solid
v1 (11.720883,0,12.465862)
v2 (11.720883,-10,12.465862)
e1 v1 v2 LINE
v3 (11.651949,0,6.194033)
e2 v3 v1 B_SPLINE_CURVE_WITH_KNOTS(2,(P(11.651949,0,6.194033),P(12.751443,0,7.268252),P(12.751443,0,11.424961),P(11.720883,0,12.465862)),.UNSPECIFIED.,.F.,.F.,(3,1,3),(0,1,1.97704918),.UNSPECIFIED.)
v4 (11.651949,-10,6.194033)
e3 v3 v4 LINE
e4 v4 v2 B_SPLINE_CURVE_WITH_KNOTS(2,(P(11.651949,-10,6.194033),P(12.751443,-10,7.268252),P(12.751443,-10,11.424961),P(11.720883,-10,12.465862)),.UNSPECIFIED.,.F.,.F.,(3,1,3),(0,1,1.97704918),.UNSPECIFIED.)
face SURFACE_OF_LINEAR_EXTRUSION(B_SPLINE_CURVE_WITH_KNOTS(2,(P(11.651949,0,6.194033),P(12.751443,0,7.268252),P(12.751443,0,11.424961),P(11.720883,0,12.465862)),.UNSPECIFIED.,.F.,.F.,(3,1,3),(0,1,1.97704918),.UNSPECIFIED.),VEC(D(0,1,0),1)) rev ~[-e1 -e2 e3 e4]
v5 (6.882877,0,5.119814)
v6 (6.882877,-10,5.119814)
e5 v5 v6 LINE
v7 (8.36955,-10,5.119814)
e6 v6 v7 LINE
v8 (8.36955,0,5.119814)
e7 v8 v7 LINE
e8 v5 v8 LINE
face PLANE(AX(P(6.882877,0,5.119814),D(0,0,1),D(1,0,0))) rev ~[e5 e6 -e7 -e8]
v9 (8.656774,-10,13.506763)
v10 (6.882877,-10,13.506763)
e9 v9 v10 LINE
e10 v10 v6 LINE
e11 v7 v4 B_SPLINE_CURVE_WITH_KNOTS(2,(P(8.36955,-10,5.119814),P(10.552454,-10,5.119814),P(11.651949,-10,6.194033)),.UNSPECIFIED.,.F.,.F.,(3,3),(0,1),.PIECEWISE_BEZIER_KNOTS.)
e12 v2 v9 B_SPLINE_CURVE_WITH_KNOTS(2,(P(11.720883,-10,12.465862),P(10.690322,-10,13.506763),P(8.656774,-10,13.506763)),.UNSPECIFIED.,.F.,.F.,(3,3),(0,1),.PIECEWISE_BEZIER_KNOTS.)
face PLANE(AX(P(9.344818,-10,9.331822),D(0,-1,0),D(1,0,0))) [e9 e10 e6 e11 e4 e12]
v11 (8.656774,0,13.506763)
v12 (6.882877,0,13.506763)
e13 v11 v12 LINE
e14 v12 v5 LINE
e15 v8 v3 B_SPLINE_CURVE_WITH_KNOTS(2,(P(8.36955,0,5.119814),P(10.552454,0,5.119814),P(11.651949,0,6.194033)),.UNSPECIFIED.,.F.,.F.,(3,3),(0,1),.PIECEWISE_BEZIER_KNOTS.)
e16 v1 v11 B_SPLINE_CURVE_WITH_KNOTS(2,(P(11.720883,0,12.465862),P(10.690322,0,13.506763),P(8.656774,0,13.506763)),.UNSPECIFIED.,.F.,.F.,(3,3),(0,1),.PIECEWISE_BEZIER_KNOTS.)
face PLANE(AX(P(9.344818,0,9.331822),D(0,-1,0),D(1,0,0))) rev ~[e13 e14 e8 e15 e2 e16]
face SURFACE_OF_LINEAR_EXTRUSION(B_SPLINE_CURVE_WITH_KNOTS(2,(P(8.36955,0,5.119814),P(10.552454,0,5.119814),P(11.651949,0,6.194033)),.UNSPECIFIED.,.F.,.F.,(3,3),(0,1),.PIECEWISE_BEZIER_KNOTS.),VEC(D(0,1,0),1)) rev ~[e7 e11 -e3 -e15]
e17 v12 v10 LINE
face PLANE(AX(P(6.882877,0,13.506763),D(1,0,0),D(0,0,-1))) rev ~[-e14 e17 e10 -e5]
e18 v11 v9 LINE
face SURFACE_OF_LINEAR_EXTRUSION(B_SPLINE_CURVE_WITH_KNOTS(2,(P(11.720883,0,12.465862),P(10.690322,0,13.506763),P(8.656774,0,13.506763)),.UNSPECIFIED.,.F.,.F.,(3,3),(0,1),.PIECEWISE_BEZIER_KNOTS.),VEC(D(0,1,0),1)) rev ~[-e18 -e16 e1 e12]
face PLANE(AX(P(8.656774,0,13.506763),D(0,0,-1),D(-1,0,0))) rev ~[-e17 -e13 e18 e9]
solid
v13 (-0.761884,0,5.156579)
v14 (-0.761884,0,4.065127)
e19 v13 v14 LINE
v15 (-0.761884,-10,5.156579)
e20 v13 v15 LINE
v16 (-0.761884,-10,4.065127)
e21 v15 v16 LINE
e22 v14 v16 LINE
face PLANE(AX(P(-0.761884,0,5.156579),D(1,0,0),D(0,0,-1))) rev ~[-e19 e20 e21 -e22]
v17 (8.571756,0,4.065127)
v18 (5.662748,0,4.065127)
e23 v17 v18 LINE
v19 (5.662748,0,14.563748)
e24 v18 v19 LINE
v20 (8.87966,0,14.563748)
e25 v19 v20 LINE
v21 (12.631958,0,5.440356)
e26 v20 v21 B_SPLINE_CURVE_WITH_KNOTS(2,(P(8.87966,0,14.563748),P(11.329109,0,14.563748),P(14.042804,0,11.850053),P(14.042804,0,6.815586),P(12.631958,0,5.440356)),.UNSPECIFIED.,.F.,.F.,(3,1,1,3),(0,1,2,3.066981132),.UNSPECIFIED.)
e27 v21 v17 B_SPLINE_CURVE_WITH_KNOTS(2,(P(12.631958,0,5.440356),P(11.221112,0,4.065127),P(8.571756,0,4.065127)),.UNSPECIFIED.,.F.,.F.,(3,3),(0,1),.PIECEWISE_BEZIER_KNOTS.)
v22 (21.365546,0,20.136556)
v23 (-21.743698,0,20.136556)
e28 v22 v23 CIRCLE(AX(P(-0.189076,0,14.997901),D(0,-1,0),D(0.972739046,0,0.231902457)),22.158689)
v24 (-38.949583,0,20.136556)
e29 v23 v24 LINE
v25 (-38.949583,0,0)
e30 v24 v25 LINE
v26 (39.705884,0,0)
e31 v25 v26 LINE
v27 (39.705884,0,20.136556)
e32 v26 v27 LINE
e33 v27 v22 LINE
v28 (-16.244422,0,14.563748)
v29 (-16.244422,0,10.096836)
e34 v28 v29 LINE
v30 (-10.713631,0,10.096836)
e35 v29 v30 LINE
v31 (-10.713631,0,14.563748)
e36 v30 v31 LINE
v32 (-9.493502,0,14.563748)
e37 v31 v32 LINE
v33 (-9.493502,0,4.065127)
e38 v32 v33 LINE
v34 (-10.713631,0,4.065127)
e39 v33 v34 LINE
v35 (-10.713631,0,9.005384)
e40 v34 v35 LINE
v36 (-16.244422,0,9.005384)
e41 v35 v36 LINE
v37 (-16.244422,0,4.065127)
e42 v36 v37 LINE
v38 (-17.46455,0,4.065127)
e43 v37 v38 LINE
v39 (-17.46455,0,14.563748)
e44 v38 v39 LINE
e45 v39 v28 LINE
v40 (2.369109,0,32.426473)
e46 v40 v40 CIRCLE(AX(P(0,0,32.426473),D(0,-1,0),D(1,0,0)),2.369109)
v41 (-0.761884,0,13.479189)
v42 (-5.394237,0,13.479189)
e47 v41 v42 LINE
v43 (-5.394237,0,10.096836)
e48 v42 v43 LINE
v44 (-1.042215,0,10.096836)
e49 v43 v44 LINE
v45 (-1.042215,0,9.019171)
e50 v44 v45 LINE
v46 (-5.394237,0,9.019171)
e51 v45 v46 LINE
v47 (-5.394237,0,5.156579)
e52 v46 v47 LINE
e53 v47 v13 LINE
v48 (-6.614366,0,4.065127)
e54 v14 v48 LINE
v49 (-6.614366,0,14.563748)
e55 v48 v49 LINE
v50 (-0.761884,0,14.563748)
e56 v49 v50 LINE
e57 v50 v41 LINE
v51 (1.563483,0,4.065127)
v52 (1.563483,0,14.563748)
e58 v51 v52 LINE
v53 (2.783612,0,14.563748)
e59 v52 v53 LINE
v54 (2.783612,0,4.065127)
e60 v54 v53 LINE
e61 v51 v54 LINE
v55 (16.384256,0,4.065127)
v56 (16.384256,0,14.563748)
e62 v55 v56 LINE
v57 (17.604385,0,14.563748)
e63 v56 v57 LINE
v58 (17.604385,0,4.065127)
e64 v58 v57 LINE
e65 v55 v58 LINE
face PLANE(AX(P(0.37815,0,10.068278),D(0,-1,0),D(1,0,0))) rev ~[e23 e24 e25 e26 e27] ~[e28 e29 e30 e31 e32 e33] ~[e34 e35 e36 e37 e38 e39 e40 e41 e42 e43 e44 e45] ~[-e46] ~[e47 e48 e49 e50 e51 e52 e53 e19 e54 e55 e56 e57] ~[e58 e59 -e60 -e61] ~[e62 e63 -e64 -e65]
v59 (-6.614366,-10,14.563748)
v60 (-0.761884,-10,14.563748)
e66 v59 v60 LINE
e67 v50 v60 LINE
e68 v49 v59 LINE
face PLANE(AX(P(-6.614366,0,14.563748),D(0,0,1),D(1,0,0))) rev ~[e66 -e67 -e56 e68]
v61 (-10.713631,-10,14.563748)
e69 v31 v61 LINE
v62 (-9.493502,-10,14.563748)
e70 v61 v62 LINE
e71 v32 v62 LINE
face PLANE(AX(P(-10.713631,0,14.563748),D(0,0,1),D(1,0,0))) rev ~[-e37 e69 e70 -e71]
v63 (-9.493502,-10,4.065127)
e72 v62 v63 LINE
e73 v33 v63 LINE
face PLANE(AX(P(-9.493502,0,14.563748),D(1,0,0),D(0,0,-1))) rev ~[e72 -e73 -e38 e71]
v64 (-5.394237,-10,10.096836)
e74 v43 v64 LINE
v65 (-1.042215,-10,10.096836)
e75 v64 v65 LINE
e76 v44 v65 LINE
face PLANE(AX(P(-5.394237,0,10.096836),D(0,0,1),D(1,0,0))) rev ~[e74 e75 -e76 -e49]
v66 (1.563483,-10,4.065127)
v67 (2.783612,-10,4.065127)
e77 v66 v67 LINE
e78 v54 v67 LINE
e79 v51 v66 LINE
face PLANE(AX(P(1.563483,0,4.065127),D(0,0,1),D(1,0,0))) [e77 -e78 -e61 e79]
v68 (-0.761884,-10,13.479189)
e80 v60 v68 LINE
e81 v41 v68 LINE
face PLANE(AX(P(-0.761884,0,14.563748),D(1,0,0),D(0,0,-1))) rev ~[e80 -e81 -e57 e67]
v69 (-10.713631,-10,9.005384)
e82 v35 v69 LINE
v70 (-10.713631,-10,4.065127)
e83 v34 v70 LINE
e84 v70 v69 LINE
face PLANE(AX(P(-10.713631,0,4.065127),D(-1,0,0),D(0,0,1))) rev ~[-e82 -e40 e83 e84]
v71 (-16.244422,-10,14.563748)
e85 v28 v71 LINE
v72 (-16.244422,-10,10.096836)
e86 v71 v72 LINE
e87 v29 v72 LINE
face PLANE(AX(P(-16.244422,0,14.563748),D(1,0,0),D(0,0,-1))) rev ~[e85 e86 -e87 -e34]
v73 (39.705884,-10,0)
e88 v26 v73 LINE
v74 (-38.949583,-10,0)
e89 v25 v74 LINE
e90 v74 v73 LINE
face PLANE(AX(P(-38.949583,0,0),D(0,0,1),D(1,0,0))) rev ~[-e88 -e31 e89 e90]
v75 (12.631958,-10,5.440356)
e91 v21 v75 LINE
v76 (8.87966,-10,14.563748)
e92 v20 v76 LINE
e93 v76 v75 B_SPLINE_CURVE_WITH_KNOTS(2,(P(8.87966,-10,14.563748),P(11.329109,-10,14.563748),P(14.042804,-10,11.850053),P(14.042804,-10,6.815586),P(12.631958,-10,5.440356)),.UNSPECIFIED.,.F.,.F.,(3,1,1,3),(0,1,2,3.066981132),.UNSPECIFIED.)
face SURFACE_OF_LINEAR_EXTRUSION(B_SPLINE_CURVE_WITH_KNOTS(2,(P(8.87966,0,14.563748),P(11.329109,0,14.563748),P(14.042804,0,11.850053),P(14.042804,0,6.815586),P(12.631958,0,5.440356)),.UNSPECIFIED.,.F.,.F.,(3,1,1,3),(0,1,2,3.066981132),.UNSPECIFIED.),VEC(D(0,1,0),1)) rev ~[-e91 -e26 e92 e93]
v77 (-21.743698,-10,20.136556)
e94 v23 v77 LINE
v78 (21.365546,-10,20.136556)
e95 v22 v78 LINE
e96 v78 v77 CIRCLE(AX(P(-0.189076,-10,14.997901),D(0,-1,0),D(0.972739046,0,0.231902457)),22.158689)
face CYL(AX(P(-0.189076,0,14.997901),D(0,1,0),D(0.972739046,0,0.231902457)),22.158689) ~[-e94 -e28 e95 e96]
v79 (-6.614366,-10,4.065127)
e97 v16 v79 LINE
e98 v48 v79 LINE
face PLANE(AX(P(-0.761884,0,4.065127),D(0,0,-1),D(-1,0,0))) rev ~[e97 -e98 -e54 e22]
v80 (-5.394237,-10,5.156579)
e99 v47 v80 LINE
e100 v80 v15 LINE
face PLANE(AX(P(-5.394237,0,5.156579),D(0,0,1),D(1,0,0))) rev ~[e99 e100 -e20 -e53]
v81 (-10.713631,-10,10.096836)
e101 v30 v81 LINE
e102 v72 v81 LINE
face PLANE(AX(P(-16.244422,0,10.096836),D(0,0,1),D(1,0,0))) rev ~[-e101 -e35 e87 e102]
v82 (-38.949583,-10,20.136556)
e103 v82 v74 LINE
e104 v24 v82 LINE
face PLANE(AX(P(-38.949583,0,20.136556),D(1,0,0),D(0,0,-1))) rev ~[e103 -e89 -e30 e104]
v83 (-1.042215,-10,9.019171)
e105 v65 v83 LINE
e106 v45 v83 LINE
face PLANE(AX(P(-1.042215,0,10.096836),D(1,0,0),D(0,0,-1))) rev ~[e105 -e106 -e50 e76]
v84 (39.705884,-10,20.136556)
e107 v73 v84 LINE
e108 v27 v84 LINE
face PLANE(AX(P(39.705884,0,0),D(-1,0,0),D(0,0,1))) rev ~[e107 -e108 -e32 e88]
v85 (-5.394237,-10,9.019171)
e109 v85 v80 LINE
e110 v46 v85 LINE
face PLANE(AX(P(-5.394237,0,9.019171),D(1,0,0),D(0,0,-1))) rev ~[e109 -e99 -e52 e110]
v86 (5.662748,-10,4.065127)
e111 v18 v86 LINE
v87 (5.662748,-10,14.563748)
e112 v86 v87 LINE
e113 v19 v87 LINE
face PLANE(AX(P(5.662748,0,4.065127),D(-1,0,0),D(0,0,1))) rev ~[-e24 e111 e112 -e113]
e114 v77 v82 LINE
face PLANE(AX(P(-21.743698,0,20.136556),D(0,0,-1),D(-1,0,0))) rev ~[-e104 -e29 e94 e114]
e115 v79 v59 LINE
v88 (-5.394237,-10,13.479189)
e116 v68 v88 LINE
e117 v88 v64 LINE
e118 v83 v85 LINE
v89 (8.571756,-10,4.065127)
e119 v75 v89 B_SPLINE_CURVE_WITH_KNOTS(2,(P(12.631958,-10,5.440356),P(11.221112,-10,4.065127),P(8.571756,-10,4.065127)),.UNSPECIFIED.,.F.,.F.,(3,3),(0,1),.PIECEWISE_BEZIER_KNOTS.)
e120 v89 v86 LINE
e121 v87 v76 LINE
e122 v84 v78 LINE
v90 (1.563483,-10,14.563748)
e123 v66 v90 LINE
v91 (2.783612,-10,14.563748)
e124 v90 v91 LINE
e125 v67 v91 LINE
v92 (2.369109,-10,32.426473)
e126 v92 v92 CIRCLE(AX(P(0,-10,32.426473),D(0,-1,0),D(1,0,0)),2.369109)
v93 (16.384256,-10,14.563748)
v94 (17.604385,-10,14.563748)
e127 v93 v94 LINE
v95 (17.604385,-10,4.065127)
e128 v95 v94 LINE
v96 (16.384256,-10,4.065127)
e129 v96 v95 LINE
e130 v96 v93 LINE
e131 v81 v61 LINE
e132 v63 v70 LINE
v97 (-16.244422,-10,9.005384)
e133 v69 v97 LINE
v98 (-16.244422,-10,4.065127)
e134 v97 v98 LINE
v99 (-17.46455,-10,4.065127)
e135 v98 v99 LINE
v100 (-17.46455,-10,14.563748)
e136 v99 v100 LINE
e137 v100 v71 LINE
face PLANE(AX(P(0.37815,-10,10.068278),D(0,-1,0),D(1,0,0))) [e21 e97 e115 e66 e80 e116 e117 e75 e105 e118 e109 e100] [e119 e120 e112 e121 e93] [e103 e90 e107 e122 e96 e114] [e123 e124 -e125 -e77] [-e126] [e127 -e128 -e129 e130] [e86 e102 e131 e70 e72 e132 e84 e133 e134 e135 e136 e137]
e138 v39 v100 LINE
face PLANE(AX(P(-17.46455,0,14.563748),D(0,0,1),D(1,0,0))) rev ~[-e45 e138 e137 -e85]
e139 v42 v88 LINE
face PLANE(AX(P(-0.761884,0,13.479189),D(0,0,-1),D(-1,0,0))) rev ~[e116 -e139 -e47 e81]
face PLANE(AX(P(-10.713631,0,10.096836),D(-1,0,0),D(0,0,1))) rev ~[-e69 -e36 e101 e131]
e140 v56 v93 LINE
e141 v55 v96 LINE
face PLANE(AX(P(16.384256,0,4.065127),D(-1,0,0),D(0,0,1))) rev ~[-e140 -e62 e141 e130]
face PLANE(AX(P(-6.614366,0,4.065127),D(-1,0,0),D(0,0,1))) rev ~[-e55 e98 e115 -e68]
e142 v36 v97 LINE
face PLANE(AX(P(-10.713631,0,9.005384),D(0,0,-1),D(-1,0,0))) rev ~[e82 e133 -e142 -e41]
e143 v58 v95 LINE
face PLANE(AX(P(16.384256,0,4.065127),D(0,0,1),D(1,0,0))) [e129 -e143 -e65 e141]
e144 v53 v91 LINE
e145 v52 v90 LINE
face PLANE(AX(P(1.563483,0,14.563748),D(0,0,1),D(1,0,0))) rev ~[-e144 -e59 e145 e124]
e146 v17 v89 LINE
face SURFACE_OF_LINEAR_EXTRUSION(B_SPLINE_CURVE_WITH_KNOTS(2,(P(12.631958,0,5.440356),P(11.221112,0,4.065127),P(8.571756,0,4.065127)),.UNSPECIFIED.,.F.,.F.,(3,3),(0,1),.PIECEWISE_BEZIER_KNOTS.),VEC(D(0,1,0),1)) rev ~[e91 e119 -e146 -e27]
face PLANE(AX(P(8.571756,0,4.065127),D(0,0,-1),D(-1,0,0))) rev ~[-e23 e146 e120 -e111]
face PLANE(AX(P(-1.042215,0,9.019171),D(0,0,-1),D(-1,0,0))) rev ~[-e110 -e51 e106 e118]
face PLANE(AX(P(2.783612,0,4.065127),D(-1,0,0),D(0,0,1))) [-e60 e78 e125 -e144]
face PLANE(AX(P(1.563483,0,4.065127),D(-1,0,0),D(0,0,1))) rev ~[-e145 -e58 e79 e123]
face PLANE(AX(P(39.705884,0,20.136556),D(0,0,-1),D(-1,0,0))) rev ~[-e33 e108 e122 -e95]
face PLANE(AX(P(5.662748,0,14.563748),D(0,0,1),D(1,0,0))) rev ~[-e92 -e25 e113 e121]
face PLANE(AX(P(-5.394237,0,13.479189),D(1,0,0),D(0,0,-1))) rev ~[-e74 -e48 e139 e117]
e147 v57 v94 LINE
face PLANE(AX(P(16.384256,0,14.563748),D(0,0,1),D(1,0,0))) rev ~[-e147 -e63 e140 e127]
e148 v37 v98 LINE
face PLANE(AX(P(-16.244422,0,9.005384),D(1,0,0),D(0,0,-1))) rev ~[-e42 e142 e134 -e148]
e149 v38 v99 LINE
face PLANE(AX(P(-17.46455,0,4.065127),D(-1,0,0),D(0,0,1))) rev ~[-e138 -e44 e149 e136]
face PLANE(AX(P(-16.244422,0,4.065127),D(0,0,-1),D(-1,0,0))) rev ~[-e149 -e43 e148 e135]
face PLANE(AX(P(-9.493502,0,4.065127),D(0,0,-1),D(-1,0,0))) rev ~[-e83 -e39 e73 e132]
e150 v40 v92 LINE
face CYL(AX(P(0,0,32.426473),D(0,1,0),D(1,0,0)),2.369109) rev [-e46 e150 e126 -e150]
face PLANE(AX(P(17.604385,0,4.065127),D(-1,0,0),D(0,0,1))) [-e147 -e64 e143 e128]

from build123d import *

# Parameters (mm, degrees)
F0_W     = 1.2201287218
F0_H     = 10.4986217135
F0_R     = 2.369108519
F1_DEPTH = 10


with BuildPart() as f1:
    # F0 (on Front) → F1 (new body)
    with BuildSketch(Plane.XZ):
        Polygon((-38.9495827258, 20.1365556568), (-38.9495827258, 0), (39.7058837116, 0), (39.7058837116, 20.1365556568), (21.3655456901, 20.1365556568), (-21.7436980456, 20.1365556568), align=None)
        Polygon((-9.4935023081, 14.5637483599), (-9.4935023081, 4.0651266463), (-10.7136310299, 4.0651266463), (-10.7136310299, 9.0053841828), (-16.2444216766, 9.0053841828), (-16.2444216766, 4.0651266463), (-17.4645503984, 4.0651266463), (-17.4645503984, 14.5637483599), (-16.2444216766, 14.5637483599), (-16.2444216766, 10.0968364292), (-10.7136310299, 10.0968364292), (-10.7136310299, 14.5637483599), align=None, mode=Mode.SUBTRACT)
        Polygon((-0.7618843367, 5.1565788927), (-0.7618843367, 4.0651266463), (-6.6143661718, 4.0651266463), (-6.6143661718, 14.5637483599), (-0.7618843367, 14.5637483599), (-0.7618843367, 13.479189496), (-5.39423745, 13.479189496), (-5.39423745, 10.0968364292), (-1.0422152295, 10.0968364292), (-1.0422152295, 9.019170948), (-5.39423745, 9.019170948), (-5.39423745, 5.1565788927), align=None, mode=Mode.SUBTRACT)
        with Locations((2.1735477576, 9.3144375031)):
            Rectangle(F0_W, F0_H, mode=Mode.SUBTRACT)
        with BuildLine():
            add(Edge.make_bspline(
                [(12.6859562364, 13.206900883), (14.0428037133, 11.8500534061), (14.0428037133, 9.4143915509)],
                knots=[0, 0, 0, 1, 1, 1], degree=2))
            add(Edge.make_bspline(
                [(14.0428037133, 9.4143915509), (14.0428037133, 6.8155863073), (12.6319580726, 5.4403564768)],
                knots=[0, 0, 0, 1, 1, 1], degree=2))
            add(Edge.make_bspline(
                [(12.6319580726, 5.4403564768), (11.221112432, 4.0651266463), (8.5717557159, 4.0651266463)],
                knots=[0, 0, 0, 1, 1, 1], degree=2))
            Line((8.5717557159, 4.0651266463), (5.6627482549, 4.0651266463))
            Line((5.6627482549, 4.0651266463), (5.6627482549, 14.5637483599))
            Line((5.6627482549, 14.5637483599), (8.8796601391, 14.5637483599))
            add(Edge.make_bspline(
                [(8.8796601391, 14.5637483599), (11.3291087595, 14.5637483599), (12.6859562364, 13.206900883)],
                knots=[0, 0, 0, 1, 1, 1], degree=2))
        make_face(mode=Mode.SUBTRACT)
        with Locations((16.9943203671, 9.3144375031)):
            Rectangle(F0_W, F0_H, mode=Mode.SUBTRACT)
        with BuildLine():
            ThreePointArc((21.3655456901, 20.1365556568), (-0.1890761778, 37.1565901502), (-21.7436980456, 20.1365556568))
            Line((-21.7436980456, 20.1365556568), (21.3655456901, 20.1365556568))
        make_face()
        with Locations((0, 32.4264727533)):
            Circle(F0_R, mode=Mode.SUBTRACT)
    extrude(amount=F1_DEPTH)


with BuildPart() as f1b:
    # F0 (on Front) → F1, piece 2 (new body)
    with BuildSketch(Plane.XZ):
        with BuildLine():
            add(Edge.make_bspline(
                [(11.6519488451, 6.1940329754), (12.7514433712, 7.2682517653), (12.7514433712, 9.3707334611)],
                knots=[0, 0, 0, 1, 1, 1], degree=2))
            add(Edge.make_bspline(
                [(12.7514433712, 9.3707334611), (12.7514433712, 11.4249614785), (11.7208826711, 12.4658622525)],
                knots=[0, 0, 0, 1, 1, 1], degree=2))
            add(Edge.make_bspline(
                [(11.7208826711, 12.4658622525), (10.6903219711, 13.5067630265), (8.6567741014, 13.5067630265)],
                knots=[0, 0, 0, 1, 1, 1], degree=2))
            Line((8.6567741014, 13.5067630265), (6.8828769767, 13.5067630265))
            Line((6.8828769767, 13.5067630265), (6.8828769767, 5.1198141855))
            Line((6.8828769767, 5.1198141855), (8.3695498261, 5.1198141855))
            add(Edge.make_bspline(
                [(8.3695498261, 5.1198141855), (10.5524543189, 5.1198141855), (11.6519488451, 6.1940329754)],
                knots=[0, 0, 0, 1, 1, 1], degree=2))
        make_face()
    extrude(amount=F1_DEPTH)


solid = Compound([f1.part, f1b.part])
